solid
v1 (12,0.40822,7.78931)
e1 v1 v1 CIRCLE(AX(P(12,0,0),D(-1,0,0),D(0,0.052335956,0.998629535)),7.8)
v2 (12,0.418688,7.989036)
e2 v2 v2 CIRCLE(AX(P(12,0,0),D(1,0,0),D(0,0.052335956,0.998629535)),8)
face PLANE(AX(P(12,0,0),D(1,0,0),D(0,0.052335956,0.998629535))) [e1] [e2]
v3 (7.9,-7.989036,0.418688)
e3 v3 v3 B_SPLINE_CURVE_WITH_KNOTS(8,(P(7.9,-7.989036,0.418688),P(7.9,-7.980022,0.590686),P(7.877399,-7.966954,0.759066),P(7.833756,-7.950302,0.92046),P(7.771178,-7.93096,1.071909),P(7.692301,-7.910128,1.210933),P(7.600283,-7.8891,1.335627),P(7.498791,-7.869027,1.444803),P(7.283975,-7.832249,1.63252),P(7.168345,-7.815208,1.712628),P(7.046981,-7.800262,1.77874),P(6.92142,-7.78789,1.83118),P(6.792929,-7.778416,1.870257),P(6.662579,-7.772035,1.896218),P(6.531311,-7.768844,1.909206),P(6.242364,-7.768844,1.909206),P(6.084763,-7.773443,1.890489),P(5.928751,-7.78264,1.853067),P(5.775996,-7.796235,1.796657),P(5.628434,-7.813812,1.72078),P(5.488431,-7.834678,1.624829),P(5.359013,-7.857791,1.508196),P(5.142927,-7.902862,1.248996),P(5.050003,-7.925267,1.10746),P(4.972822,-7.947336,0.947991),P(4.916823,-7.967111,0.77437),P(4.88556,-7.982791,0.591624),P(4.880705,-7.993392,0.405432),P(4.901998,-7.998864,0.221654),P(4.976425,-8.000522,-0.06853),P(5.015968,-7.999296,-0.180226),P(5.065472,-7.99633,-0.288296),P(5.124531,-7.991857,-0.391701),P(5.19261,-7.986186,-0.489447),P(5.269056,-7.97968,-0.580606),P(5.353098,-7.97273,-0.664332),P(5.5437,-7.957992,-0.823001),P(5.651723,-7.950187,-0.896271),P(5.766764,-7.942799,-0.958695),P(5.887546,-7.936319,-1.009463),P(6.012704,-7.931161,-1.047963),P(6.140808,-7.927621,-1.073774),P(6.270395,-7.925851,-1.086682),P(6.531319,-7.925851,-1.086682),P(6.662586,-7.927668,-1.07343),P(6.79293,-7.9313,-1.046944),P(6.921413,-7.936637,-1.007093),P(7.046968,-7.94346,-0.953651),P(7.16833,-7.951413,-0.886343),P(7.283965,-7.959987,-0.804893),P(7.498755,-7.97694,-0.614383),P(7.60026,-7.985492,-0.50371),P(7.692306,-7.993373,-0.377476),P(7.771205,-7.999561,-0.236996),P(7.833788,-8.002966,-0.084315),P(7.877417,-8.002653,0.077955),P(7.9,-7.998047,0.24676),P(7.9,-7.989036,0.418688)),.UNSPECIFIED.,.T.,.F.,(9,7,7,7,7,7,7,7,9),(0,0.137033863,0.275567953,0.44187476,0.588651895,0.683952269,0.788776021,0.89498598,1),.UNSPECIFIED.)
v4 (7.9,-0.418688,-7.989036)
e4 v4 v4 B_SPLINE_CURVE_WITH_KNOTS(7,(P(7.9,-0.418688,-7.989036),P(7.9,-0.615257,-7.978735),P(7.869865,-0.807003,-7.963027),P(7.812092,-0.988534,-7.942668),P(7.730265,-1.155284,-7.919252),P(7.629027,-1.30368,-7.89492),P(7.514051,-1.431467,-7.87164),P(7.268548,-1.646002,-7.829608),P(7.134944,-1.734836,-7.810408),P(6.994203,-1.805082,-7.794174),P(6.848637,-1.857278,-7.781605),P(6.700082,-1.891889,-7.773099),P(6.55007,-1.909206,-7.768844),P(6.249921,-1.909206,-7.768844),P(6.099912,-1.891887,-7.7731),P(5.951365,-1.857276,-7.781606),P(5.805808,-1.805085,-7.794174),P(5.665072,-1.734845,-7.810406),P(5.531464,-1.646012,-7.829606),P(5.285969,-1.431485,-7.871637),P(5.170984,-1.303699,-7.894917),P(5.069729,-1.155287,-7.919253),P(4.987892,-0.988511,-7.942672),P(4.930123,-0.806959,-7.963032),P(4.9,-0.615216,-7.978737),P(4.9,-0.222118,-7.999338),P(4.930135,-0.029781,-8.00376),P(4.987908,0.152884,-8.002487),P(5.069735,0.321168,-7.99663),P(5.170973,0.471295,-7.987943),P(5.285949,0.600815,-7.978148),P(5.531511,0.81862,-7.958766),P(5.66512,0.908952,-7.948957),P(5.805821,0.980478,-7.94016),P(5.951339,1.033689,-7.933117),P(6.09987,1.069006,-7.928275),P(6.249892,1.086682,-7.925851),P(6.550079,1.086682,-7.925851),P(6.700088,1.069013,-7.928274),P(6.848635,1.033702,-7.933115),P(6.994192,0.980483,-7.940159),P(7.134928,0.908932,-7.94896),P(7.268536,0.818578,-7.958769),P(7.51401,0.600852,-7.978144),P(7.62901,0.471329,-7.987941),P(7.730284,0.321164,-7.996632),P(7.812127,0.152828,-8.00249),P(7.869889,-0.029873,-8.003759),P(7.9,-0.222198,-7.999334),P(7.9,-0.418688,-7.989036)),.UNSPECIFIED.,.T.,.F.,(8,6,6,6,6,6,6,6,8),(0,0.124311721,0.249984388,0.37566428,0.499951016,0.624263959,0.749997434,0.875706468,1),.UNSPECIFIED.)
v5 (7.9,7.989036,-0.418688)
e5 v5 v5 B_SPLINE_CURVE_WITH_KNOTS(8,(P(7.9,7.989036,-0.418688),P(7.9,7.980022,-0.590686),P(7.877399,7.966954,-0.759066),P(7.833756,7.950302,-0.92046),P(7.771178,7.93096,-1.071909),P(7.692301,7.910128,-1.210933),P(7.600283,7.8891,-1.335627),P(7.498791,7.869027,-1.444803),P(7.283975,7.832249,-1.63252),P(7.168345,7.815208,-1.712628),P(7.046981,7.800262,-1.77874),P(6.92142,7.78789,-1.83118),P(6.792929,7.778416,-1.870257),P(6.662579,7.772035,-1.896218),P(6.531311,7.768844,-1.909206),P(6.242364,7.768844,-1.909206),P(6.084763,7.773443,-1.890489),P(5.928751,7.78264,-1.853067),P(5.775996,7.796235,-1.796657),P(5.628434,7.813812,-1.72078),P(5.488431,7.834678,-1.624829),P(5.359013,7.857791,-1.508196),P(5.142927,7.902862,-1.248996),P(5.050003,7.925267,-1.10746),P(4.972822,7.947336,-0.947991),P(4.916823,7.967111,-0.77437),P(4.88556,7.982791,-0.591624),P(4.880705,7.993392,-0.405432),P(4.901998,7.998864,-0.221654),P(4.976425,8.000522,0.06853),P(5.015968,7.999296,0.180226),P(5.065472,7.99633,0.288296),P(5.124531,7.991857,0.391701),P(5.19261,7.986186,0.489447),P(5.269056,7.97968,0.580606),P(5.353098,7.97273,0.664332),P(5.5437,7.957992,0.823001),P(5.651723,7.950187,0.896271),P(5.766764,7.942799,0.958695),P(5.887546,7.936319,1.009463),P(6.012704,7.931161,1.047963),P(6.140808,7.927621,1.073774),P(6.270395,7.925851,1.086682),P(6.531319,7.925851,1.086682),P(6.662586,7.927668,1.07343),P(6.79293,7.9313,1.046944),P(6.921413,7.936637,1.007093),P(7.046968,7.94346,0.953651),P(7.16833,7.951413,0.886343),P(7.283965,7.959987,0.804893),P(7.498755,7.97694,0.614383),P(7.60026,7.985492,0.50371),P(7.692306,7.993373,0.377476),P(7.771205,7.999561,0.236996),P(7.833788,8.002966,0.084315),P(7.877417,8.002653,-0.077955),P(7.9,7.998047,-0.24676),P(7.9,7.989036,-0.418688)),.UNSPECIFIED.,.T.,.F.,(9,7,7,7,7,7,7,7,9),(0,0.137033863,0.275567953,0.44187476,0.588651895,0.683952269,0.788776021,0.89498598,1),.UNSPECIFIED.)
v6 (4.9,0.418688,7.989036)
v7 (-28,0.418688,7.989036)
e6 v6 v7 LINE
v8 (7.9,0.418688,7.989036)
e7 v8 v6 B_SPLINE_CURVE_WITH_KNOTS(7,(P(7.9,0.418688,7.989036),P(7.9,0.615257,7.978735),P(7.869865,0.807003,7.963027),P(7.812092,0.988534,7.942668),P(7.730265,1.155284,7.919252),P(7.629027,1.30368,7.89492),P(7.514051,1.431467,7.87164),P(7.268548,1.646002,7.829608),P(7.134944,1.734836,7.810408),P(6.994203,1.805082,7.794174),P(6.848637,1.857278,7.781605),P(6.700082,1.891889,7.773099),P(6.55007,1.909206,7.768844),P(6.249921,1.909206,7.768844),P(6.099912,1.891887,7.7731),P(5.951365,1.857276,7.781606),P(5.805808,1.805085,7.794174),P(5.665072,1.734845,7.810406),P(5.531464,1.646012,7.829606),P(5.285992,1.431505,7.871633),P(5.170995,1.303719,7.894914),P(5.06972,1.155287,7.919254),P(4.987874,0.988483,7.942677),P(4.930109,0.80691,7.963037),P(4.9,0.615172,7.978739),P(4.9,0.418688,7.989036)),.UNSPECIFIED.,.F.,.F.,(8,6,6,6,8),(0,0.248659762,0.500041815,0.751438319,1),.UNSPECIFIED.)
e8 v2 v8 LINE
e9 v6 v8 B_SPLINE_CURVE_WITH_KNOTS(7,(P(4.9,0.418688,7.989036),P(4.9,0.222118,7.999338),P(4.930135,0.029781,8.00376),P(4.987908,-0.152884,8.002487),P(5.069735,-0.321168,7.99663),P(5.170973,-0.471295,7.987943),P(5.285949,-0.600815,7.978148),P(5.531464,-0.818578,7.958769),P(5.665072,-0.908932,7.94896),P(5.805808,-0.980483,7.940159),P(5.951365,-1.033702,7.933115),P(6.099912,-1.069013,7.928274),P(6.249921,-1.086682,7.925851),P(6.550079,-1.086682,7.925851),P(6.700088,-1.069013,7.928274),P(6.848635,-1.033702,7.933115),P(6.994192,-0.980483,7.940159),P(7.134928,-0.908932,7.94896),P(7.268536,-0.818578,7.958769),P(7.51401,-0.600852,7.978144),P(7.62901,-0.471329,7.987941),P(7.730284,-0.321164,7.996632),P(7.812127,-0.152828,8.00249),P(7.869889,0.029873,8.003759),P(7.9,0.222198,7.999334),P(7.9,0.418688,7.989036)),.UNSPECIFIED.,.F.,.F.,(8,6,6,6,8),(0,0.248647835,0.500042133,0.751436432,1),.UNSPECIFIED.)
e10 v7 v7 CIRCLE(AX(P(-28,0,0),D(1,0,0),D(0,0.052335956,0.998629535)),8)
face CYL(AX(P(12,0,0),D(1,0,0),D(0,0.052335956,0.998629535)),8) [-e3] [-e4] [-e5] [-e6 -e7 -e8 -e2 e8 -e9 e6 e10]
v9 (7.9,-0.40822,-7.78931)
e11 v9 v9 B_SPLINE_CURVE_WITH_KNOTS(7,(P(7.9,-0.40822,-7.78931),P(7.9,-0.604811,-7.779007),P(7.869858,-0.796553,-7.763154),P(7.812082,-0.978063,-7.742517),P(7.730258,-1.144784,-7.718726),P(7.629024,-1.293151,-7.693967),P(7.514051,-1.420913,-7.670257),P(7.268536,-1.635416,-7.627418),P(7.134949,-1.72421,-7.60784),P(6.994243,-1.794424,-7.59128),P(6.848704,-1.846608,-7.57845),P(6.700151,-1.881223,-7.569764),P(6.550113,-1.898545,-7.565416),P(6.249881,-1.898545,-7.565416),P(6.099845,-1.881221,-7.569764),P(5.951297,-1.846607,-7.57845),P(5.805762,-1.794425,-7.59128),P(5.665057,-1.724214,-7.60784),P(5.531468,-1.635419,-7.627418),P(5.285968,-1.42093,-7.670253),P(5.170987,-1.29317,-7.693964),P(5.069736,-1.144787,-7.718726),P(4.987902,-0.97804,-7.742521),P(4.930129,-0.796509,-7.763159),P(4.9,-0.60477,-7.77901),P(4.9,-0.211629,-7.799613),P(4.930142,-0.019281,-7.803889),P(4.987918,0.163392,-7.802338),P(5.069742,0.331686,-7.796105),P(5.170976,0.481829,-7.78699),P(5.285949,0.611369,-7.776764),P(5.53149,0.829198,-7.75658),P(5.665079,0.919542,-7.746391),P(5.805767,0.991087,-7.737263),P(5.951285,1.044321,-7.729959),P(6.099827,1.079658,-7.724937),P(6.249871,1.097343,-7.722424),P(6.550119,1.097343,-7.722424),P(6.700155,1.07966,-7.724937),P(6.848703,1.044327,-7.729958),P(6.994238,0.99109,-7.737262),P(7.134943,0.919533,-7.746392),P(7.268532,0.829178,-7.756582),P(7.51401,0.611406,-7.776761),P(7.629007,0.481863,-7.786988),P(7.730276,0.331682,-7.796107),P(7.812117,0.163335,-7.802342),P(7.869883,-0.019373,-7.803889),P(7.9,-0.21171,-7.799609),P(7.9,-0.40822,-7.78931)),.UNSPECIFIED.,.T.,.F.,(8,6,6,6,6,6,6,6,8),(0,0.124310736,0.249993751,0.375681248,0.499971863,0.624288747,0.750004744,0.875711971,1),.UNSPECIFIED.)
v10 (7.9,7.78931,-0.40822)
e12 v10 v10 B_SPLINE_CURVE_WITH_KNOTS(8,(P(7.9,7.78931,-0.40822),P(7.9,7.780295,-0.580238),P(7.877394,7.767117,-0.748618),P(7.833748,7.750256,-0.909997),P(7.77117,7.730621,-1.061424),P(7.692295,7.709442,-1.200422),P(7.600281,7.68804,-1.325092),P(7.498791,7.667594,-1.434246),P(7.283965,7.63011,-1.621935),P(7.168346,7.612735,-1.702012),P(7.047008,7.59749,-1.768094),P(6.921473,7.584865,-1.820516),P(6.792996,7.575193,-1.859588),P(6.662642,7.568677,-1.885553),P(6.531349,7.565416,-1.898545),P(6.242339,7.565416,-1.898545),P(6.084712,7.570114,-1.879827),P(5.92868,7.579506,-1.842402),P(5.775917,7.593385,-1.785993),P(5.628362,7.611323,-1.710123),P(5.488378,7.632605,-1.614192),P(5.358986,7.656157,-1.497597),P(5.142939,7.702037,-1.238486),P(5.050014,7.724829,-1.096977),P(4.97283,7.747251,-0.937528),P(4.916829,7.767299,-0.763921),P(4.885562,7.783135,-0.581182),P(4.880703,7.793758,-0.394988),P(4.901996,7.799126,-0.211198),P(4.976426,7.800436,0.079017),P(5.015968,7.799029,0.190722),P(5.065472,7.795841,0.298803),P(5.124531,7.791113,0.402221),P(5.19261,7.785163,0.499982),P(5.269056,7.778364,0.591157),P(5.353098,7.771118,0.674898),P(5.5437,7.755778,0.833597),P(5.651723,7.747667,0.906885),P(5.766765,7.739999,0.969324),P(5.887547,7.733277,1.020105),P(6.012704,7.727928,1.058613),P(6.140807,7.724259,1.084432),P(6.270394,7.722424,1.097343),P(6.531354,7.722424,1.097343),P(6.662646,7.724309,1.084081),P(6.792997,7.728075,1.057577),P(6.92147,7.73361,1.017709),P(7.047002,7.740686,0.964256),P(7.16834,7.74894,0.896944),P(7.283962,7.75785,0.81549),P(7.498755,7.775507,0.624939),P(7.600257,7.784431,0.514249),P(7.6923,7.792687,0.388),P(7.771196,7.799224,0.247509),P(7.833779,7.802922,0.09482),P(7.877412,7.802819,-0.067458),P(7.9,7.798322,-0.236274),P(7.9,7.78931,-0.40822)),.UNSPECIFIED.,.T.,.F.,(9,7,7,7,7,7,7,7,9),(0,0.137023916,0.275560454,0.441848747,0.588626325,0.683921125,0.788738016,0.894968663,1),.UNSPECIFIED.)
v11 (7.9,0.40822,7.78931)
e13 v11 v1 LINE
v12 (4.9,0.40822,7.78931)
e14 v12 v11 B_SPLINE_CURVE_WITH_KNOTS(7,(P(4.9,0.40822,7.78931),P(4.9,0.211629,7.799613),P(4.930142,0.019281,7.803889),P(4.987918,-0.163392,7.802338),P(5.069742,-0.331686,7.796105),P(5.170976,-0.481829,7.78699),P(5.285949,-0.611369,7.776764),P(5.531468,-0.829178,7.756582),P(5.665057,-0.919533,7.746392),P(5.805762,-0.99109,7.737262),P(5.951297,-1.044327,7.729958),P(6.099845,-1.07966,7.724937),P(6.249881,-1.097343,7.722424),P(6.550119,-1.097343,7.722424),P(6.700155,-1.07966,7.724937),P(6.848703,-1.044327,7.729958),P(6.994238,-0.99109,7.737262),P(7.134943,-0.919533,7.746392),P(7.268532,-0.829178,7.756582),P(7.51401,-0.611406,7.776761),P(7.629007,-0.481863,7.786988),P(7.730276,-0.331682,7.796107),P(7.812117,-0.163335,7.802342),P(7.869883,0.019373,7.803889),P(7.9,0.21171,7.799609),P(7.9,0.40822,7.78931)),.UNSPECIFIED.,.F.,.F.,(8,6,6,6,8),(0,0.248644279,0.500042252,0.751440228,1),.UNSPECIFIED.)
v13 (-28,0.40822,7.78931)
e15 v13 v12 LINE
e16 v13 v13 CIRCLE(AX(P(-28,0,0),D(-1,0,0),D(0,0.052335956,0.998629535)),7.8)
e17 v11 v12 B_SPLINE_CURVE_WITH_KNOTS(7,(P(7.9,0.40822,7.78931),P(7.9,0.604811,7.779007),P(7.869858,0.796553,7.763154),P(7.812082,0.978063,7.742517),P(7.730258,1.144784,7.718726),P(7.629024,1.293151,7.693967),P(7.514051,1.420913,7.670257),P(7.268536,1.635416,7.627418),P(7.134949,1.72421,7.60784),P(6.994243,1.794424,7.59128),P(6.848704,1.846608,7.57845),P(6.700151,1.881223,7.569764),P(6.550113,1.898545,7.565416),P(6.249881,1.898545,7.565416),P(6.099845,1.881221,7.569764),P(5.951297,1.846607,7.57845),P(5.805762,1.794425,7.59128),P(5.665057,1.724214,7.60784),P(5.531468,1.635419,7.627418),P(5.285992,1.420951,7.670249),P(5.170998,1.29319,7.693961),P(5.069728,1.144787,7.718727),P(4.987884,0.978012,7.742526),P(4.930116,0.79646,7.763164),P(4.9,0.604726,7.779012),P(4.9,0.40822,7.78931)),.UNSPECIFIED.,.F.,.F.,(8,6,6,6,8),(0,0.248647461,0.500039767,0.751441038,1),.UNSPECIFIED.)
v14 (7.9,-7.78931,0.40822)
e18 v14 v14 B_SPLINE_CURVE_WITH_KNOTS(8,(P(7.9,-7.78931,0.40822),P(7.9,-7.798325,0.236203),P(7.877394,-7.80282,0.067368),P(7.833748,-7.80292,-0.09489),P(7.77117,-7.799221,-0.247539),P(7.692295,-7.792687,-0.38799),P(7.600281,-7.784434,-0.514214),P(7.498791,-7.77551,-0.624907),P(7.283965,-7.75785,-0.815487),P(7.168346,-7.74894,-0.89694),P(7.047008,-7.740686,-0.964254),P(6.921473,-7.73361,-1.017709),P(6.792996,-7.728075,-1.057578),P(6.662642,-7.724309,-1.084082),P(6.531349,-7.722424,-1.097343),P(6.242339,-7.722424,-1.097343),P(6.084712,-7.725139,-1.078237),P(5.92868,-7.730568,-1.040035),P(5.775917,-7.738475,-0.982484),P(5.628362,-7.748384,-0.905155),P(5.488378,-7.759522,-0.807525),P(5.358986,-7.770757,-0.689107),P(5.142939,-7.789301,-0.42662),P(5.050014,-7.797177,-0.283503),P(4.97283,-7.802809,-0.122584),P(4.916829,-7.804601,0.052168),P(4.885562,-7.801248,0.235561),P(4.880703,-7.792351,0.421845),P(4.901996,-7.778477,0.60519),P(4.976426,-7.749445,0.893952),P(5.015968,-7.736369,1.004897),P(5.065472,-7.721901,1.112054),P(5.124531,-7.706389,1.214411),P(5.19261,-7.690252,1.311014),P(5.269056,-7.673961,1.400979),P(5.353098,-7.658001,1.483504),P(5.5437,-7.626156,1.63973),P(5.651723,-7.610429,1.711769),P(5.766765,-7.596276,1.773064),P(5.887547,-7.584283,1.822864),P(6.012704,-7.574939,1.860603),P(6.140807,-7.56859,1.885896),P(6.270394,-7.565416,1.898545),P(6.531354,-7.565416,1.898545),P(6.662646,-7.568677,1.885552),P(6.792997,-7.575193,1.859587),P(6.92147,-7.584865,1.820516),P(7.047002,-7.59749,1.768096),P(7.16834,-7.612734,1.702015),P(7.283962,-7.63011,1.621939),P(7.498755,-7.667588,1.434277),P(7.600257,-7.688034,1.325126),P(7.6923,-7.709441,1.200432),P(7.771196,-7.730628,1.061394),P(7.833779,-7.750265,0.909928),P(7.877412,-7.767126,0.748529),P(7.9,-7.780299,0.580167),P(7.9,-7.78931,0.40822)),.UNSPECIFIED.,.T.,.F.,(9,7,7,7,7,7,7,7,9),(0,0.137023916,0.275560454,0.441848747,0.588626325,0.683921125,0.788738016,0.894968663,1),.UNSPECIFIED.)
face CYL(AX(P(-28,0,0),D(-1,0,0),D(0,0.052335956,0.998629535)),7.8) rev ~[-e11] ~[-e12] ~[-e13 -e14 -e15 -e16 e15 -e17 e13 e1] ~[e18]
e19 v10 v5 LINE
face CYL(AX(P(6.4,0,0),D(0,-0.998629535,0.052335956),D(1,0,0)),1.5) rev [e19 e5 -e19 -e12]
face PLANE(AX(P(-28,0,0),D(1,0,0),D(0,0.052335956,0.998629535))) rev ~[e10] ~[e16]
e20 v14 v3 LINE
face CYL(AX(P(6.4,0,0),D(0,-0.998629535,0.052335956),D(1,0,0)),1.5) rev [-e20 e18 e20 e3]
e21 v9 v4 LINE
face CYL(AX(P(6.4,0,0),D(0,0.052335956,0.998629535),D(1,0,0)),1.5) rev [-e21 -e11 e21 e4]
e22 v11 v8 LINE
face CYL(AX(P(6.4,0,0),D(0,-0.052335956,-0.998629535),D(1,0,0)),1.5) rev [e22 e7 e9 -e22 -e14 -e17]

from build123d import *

# Parameters (mm, degrees)
SKETCH014_R             = 8
PAD006_DEPTH            = 40
SKETCH015_R             = 1.5
POCKET008_DEPTH         = 11
POLARPATTERN002_COUNT   = 4
SKETCH016_R             = 7.8
POCKET009_DEPTH         = 40.001
BODY004_PLACEMENT_ANGLE = 87


with BuildPart() as part:
    # Sketch014 → Pad006 (new body)
    with BuildSketch(Plane.YZ.offset(10)):
        Circle(SKETCH014_R)
    extrude(amount=-PAD006_DEPTH)

    # Sketch015 → Pocket008 (cut)
    with BuildSketch(Plane.XY):
        with Locations((4.4, 0)):
            Circle(SKETCH015_R)
    pocket008 = extrude(amount=POCKET008_DEPTH, mode=Mode.SUBTRACT)

    # PolarPattern002: Pocket008 ×4 about axis
    polarpattern002_axis = Axis((0, 0, 0), (1, 0, 0))
    for i in range(1, POLARPATTERN002_COUNT):
        add(pocket008.rotate(polarpattern002_axis, i * 360 / POLARPATTERN002_COUNT), mode=Mode.SUBTRACT)

    # Sketch016 (on Face3 of Pad006) → Pocket009 (cut, through all)
    with BuildSketch(Plane(origin=(-30, 0, 0), x_dir=(0, 1, 0), z_dir=(-1, 0, 0))):
        Circle(SKETCH016_R)
    extrude(amount=-POCKET009_DEPTH, mode=Mode.SUBTRACT)


with BuildPart() as part_1:
    # Body004 placement: moved
    add(part.part.moved(Location((2, 0, 0))).rotate(Axis((2, 0, 0), (1, 0, 0)), BODY004_PLACEMENT_ANGLE))


solid = part_1.part
